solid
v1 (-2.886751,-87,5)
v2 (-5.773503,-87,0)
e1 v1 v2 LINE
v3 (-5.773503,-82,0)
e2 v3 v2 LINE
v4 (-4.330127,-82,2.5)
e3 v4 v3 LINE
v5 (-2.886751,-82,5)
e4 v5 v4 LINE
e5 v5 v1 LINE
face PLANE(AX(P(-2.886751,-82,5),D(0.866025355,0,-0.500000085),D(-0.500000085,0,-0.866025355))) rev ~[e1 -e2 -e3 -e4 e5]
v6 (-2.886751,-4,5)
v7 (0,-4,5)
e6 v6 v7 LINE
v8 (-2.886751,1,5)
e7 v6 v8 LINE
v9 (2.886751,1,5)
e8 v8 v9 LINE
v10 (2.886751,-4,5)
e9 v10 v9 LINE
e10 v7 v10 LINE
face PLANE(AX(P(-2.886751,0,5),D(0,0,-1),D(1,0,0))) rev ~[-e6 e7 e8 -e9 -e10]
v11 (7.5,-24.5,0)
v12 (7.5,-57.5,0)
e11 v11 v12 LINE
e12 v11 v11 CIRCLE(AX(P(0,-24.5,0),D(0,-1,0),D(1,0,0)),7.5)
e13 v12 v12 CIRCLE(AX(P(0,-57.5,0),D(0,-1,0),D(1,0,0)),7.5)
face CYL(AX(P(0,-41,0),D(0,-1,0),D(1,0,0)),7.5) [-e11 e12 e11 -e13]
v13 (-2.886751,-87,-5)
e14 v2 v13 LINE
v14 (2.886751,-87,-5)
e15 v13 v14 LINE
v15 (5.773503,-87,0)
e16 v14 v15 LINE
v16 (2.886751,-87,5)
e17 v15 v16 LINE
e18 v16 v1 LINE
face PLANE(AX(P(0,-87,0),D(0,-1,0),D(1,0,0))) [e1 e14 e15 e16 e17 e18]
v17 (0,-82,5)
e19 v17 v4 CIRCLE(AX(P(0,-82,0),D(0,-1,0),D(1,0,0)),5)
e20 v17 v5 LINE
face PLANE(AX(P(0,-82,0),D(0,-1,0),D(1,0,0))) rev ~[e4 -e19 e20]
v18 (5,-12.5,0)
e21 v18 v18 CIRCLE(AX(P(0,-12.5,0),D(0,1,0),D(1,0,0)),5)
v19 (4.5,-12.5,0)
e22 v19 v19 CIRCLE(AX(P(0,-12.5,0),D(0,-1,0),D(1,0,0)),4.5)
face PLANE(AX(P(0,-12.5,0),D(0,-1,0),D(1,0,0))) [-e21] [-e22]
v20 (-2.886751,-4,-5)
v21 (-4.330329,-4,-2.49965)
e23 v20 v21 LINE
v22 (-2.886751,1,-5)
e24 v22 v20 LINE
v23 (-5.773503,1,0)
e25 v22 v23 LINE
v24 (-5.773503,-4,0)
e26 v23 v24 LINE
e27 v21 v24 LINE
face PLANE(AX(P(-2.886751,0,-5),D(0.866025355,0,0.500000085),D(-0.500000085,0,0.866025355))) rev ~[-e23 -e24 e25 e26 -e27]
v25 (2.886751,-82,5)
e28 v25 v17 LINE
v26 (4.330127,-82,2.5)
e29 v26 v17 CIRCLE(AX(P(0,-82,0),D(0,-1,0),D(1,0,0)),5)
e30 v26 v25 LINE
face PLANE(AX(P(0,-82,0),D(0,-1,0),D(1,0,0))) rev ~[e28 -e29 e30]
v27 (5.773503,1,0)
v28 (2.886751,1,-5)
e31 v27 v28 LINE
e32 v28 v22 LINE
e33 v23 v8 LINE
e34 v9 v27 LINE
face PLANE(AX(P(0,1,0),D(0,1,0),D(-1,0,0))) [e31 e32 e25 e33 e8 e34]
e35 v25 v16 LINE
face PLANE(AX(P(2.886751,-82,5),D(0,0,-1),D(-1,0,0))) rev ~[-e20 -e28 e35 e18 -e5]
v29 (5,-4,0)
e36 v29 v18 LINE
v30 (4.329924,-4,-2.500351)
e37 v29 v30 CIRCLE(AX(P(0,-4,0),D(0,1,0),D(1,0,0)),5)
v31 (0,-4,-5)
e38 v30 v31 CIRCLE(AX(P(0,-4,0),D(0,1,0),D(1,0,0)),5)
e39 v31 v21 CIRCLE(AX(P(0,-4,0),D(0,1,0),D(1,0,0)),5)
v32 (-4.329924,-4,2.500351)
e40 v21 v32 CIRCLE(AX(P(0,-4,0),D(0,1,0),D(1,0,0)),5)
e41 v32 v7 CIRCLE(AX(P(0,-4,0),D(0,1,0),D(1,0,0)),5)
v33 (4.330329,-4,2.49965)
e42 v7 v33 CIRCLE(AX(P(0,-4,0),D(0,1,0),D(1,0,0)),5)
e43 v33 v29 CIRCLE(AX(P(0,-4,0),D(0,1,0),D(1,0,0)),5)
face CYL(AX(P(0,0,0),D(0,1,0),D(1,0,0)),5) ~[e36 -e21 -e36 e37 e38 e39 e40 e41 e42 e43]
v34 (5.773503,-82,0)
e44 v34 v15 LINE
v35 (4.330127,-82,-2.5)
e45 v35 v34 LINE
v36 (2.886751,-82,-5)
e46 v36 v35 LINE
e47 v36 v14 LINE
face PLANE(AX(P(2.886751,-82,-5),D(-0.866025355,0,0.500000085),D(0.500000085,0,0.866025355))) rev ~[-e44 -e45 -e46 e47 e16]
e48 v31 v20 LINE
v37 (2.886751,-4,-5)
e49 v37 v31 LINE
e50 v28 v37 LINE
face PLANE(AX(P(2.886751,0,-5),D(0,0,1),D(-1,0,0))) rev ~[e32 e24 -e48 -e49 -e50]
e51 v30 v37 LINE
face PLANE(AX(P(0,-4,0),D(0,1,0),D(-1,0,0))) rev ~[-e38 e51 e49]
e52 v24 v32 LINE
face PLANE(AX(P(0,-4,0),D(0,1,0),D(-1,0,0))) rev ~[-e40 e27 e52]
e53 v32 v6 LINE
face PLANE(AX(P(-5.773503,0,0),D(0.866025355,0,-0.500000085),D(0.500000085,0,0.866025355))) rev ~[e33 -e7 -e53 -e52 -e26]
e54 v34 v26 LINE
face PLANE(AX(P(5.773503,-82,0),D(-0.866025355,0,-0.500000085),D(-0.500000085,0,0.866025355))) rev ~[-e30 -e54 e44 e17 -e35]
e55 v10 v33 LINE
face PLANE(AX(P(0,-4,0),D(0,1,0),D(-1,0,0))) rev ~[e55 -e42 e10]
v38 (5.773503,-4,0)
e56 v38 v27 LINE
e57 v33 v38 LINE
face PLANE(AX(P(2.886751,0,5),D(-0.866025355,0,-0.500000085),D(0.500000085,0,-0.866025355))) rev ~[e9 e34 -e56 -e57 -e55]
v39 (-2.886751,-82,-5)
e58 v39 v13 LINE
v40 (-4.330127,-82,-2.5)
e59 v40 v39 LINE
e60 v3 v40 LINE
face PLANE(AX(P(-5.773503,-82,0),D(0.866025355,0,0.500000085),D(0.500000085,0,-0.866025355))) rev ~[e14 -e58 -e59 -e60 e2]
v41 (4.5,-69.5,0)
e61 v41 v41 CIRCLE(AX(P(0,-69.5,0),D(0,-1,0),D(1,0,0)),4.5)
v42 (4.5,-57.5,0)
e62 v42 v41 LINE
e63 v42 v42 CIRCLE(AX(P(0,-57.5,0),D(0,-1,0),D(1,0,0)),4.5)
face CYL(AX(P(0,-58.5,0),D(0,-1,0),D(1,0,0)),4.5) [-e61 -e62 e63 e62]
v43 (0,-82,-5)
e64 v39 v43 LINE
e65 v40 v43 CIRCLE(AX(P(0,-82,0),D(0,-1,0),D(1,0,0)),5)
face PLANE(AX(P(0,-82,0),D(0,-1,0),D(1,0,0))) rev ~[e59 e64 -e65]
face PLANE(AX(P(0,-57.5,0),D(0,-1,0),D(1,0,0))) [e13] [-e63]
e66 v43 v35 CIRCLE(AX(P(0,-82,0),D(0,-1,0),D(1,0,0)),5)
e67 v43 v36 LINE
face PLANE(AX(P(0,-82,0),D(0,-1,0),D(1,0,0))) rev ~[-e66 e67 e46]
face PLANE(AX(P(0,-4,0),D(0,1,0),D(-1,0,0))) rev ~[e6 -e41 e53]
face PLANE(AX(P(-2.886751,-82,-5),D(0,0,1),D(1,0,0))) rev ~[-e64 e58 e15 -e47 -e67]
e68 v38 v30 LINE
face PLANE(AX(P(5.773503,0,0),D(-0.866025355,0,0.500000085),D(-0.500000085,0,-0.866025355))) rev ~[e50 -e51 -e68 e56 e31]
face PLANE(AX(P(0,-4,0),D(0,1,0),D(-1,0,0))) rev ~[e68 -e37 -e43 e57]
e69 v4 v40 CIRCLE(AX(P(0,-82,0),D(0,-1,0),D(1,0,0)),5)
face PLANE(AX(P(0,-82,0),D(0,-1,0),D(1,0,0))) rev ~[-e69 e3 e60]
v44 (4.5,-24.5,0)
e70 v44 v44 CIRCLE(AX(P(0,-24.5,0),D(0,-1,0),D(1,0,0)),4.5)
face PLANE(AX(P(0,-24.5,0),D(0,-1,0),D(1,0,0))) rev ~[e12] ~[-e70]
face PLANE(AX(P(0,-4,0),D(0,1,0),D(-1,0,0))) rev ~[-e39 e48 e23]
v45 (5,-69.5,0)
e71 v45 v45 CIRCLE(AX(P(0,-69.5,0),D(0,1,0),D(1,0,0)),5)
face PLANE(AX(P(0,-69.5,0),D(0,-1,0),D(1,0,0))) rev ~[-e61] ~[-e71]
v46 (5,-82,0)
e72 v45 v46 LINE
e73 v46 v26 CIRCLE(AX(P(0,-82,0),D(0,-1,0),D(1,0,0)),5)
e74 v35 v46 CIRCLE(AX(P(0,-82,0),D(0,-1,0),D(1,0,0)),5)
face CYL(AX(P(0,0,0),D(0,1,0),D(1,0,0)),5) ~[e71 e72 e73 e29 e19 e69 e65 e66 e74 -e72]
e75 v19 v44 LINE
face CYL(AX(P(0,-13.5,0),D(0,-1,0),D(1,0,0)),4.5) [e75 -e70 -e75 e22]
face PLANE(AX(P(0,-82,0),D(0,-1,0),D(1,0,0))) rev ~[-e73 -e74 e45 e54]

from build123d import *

# Parameters (mm, degrees)
F0_R           = 5
F1_DEPTH       = 82
F4_DEPTH       = 4
F6_R           = 5.5
F6_R_2         = 4.5
F7_DEPTH       = 11
F7_DEPTH_BACK  = 1
F9_R           = 5.5
F9_R_2         = 4.5
F10_DEPTH      = 11
F10_DEPTH_BACK = 1
F11_DEPTH      = 5
F13_R          = 7.5
F14_DEPTH      = 16.5
F14_DEPTH_BACK = 16.5
F16_DEPTH      = 1


with BuildPart() as f1:
    # F0 (on Front) → F1 (new body)
    with BuildSketch(Plane.XZ):
        Circle(F0_R)
    extrude(amount=F1_DEPTH)

    # F3 (on face) → F4 (join)
    with BuildSketch(Plane(origin=(0, 0, 0), x_dir=(-1, 0, 0), z_dir=(0, 1, 0))):
        Polygon((2.886751, 5), (-2.886751, 5), (-5.773503, 0), (-2.886751, -5), (2.886751, -5), (5.773503, 0), align=None)
    extrude(amount=-F4_DEPTH)

    # F6 (on offset) → F7 (cut, two sides)
    with BuildSketch(Plane.XZ.offset(13.5)) as f7_sk:
        Circle(F6_R)
        Circle(F6_R_2, mode=Mode.SUBTRACT)
    extrude(amount=F7_DEPTH, mode=Mode.SUBTRACT)
    extrude(f7_sk.sketch, amount=-F7_DEPTH_BACK, mode=Mode.SUBTRACT)

    # F9 (on offset) → F10 (cut, two sides)
    with BuildSketch(Plane.XZ.offset(58.5)) as f10_sk:
        Circle(F9_R)
        Circle(F9_R_2, mode=Mode.SUBTRACT)
    extrude(amount=F10_DEPTH, mode=Mode.SUBTRACT)
    extrude(f10_sk.sketch, amount=-F10_DEPTH_BACK, mode=Mode.SUBTRACT)

    # F2 (on face) → F11 (join)
    with BuildSketch(Plane.XZ.offset(82)):
        Polygon((2.886751, 5), (-2.886751, 5), (-5.773503, 0), (-2.886751, -5), (2.886751, -5), (5.773503, 0), align=None)
    extrude(amount=F11_DEPTH)

    # F13 (on offset) → F14 (join, two sides)
    with BuildSketch(Plane.XZ.offset(41)) as f14_sk:
        Circle(F13_R)
    extrude(amount=F14_DEPTH)
    extrude(f14_sk.sketch, amount=-F14_DEPTH_BACK)

    # F15 (on face) → F16 (join)
    with BuildSketch(Plane(origin=(0, 0, 0), x_dir=(-1, 0, 0), z_dir=(0, 1, 0))):
        Polygon((5.773503, 0), (2.886751, 5), (-2.886751, 5), (-5.773503, 0), (-2.886751, -5), (2.886751, -5), align=None)
    extrude(amount=F16_DEPTH)


solid = f1.part
